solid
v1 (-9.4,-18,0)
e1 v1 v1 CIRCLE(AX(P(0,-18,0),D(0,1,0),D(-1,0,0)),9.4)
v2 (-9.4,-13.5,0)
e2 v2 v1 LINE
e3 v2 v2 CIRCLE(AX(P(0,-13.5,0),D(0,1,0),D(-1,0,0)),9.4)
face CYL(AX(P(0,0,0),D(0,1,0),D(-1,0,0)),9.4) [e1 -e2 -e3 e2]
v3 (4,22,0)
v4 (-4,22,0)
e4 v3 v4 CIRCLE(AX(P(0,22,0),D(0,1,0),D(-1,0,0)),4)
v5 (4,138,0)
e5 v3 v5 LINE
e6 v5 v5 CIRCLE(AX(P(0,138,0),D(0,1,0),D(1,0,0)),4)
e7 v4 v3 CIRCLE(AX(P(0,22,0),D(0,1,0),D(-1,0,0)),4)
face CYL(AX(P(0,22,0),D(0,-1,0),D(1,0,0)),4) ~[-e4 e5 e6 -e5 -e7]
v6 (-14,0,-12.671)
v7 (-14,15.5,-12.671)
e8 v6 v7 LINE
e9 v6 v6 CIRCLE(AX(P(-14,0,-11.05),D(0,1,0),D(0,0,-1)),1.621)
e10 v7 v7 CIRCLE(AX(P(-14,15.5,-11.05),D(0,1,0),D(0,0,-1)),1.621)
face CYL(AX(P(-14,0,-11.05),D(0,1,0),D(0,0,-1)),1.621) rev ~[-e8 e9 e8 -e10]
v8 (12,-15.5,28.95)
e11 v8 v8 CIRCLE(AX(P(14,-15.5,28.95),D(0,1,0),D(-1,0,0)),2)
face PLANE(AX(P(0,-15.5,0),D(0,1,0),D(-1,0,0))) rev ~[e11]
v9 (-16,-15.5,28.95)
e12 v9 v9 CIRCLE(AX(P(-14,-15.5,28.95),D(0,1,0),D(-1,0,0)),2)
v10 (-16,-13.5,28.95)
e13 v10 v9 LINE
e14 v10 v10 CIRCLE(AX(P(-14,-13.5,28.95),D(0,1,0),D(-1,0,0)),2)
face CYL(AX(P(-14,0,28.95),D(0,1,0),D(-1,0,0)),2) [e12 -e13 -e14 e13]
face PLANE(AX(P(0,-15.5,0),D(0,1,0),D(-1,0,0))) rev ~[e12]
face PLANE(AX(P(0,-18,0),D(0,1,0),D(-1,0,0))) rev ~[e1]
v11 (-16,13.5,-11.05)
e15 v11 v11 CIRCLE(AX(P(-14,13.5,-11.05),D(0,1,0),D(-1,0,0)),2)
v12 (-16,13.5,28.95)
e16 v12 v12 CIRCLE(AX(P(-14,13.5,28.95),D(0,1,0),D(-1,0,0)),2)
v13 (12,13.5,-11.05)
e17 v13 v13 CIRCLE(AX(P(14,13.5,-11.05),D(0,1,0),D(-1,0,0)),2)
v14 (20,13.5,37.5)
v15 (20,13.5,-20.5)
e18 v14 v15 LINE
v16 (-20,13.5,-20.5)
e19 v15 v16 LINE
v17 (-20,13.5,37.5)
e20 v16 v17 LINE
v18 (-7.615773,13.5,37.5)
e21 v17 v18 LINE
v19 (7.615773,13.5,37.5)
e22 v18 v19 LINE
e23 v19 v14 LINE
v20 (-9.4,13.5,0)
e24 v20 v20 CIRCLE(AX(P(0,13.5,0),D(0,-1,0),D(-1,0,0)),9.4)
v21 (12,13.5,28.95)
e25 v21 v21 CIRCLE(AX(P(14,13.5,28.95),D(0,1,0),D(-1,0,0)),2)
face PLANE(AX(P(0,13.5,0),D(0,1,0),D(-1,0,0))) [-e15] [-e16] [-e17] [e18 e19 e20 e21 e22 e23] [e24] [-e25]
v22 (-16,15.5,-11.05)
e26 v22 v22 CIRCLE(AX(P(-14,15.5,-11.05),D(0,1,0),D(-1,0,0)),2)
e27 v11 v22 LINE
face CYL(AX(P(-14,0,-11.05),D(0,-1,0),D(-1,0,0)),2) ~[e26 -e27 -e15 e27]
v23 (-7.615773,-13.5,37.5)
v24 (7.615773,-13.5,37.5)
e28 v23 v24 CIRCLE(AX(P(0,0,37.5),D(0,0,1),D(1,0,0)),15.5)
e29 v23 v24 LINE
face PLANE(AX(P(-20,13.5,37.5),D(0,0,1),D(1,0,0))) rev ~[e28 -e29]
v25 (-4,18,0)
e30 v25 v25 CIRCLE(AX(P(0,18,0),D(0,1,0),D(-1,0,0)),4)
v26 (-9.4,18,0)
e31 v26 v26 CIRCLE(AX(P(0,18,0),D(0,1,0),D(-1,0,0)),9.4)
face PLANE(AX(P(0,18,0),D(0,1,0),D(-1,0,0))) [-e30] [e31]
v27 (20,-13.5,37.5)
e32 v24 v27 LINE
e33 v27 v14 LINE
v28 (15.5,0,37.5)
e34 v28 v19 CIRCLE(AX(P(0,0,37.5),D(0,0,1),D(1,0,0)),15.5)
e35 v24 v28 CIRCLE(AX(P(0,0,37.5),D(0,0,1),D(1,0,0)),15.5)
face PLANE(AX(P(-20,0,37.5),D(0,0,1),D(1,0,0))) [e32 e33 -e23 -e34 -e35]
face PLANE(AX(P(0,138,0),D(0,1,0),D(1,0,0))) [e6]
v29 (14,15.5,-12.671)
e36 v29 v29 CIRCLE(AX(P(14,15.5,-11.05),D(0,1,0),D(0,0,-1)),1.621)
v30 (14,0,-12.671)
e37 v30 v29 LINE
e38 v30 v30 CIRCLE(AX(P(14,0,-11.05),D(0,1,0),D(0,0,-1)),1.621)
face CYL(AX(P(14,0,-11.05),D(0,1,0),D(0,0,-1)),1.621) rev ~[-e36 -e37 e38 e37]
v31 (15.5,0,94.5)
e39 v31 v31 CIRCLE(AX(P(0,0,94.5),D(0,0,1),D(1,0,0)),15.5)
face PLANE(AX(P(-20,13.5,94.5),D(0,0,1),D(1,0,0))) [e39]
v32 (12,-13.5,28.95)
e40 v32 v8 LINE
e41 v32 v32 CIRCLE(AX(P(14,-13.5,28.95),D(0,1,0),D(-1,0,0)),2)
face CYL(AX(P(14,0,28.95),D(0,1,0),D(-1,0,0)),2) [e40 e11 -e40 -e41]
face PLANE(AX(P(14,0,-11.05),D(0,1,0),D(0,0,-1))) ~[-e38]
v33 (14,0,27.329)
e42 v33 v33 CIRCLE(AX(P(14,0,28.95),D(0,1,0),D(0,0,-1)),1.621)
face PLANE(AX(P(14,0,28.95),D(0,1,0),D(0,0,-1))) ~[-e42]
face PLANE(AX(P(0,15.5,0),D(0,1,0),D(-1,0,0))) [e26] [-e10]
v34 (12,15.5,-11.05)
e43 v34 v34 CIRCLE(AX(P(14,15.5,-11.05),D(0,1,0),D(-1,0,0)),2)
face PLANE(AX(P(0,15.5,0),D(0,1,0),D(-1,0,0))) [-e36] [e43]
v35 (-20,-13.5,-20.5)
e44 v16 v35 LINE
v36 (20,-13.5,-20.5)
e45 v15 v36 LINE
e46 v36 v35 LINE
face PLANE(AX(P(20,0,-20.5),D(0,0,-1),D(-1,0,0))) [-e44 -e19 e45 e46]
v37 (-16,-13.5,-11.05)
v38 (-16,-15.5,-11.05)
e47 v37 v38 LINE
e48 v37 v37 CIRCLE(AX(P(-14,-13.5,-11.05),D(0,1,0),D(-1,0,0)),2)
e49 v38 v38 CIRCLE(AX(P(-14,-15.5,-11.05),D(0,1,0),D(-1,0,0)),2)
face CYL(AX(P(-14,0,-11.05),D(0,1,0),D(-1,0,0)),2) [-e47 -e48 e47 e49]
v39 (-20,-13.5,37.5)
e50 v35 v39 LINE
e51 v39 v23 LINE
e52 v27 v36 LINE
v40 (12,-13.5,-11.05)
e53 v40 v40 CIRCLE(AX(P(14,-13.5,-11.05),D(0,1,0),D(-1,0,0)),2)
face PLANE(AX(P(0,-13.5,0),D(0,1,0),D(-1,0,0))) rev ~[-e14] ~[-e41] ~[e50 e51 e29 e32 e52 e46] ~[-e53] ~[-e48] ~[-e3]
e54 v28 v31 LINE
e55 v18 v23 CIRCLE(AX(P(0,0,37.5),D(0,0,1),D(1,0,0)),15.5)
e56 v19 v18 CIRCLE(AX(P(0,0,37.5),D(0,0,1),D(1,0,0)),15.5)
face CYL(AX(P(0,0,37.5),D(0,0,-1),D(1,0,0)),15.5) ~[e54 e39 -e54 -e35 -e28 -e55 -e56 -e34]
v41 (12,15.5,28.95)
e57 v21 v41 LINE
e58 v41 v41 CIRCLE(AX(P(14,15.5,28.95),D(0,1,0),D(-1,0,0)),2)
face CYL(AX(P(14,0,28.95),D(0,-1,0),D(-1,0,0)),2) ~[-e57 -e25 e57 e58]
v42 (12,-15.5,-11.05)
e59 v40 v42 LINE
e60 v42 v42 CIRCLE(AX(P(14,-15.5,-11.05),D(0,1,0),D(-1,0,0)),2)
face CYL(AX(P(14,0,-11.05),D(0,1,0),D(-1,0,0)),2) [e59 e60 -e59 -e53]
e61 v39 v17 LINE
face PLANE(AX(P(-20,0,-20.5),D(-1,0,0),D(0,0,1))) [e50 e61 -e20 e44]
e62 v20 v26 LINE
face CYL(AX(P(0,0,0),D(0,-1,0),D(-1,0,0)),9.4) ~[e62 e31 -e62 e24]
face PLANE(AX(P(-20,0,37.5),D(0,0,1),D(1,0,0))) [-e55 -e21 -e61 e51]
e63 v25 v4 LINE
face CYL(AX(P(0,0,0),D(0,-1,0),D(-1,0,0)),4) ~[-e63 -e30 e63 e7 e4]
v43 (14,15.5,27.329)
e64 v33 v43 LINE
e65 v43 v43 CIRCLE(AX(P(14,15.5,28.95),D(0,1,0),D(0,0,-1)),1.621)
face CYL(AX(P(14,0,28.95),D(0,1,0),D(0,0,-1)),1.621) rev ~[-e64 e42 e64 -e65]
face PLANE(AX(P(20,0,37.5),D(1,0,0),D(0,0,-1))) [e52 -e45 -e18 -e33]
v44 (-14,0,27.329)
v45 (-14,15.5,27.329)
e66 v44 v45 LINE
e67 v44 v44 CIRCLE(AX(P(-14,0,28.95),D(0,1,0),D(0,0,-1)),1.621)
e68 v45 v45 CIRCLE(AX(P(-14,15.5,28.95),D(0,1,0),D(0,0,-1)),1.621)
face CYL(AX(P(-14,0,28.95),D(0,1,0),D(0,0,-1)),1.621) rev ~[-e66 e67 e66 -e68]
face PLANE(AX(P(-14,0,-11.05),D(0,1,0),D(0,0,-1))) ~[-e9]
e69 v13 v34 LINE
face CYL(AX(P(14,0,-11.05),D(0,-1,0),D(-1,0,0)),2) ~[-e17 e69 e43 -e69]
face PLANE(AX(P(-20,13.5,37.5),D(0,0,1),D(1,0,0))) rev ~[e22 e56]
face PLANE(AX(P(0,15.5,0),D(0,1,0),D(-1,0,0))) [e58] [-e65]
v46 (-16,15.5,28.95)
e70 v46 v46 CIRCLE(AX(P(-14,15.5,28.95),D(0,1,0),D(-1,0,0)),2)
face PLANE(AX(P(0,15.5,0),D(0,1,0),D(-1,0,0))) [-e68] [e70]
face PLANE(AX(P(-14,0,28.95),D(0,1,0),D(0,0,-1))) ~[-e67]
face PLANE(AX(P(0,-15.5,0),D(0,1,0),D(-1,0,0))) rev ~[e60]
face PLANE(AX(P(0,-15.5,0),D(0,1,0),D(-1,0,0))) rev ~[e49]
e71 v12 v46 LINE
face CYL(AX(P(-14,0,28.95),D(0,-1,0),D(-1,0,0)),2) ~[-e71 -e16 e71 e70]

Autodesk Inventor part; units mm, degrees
ref_plane "YZ Plane" through (0, 0, 0) normal (1, 0, 0) x (0, 1, 0)
ref_plane "XZ Plane" through (0, 0, 0) normal (0, 1, 0) x (-1, 0, 0)
ref_plane "XY Plane" through (0, 0, 0) normal (0, 0, 1) x (1, 0, 0)
sketch "Sketch1" plane through (0, 0, 0) normal (0, 1, 0) x (-1, 0, 0)
  line L0 (20, 37.5) -> (-20, 37.5)
  line L1 (-20, 37.5) -> (-20, -20.5)
  line L2 (-20, -20.5) -> (20, -20.5)
  line L3 (20, -20.5) -> (20, 37.5)
  circle A0 centre (14, -11.05) radius 2
  circle A1 centre (14, 28.95) radius 2
  circle A2 centre (-14, -11.05) radius 2
  circle A3 centre (-14, 28.95) radius 2
  circle A4 centre (0, 0) radius 9.4
  circle A5 centre (0, 0) radius 4
  dimension "d0" = 58
  dimension "d1" = 20.5
  dimension "d2" = 40
  dimension "d3" = 20
  dimension "d4" = 4
  dimension "d5" = 4
  dimension "d6" = 40
  dimension "d7" = 11.05
  dimension "d8" = 4
  dimension "d9" = 4
  dimension "d10" = 28
  dimension "d11" = 40
  dimension "d12" = 28
  dimension "d13" = 6
  dimension "d14" = 6
  dimension "d15" = 6
  dimension "d20" = 18.8
  dimension "d21" = 8
extrude "Extrusion1" add sketch "Sketch1" along normal mid plane 27 contours L3 L2 L1 L0 | A4 | A5
extrude "Extrusion2" add sketch "Sketch1" along normal mid plane 31 contours A0 | A1 | A2 | A3
extrude "Extrusion3" add sketch "Sketch1" along normal mid plane 36 contours A4
extrude "Extrusion4" add sketch "Sketch1" along normal blind 22 contours A5
sketch "Sketch2" plane through (-20, 13.5, 37.5) normal (0, 0, 1) x (1, 0, 0)
  circle A0 centre (20, -13.5) radius 15.5
  dimension "d26" = 31
extrude "Extrusion5" add sketch "Sketch2" along normal blind 57
extrude "Extrusion6" add sketch "Sketch1" against normal blind 18 contours A5
hole "Hole1" at (-14, 0, 28.95) direction (0, 1, 0) diameter 3.242 end through all thread size "M4x0.7" class "6H" standard "ISO Metric profile"
hole "Hole2" at (14, 0, 28.95) direction (0, 1, 0) diameter 3.242 end through all thread size "M4x0.7" class "6H" standard "ISO Metric profile"
hole "Hole3" at (14, 0, -11.05) direction (0, 1, 0) diameter 3.242 end through all thread size "M4x0.7" class "6H" standard "ISO Metric profile"
hole "Hole4" at (-14, 0, -11.05) direction (0, 1, 0) diameter 3.242 end through all thread size "M4x0.7" class "6H" standard "ISO Metric profile"
sketch "Sketch5" plane through (0, 22, 0) normal (0, 1, 0) x (1, 0, 0)
  circle A0 centre (0, 0) radius 4 projected
extrude "Extrusion7" add sketch "Sketch5" along normal blind 116
thread "Thread1" size "M8x1.25" class "6g" standard "ANSI Metric M Profile" length 116 offset 4
properties part number "Motor_Gearbox"
